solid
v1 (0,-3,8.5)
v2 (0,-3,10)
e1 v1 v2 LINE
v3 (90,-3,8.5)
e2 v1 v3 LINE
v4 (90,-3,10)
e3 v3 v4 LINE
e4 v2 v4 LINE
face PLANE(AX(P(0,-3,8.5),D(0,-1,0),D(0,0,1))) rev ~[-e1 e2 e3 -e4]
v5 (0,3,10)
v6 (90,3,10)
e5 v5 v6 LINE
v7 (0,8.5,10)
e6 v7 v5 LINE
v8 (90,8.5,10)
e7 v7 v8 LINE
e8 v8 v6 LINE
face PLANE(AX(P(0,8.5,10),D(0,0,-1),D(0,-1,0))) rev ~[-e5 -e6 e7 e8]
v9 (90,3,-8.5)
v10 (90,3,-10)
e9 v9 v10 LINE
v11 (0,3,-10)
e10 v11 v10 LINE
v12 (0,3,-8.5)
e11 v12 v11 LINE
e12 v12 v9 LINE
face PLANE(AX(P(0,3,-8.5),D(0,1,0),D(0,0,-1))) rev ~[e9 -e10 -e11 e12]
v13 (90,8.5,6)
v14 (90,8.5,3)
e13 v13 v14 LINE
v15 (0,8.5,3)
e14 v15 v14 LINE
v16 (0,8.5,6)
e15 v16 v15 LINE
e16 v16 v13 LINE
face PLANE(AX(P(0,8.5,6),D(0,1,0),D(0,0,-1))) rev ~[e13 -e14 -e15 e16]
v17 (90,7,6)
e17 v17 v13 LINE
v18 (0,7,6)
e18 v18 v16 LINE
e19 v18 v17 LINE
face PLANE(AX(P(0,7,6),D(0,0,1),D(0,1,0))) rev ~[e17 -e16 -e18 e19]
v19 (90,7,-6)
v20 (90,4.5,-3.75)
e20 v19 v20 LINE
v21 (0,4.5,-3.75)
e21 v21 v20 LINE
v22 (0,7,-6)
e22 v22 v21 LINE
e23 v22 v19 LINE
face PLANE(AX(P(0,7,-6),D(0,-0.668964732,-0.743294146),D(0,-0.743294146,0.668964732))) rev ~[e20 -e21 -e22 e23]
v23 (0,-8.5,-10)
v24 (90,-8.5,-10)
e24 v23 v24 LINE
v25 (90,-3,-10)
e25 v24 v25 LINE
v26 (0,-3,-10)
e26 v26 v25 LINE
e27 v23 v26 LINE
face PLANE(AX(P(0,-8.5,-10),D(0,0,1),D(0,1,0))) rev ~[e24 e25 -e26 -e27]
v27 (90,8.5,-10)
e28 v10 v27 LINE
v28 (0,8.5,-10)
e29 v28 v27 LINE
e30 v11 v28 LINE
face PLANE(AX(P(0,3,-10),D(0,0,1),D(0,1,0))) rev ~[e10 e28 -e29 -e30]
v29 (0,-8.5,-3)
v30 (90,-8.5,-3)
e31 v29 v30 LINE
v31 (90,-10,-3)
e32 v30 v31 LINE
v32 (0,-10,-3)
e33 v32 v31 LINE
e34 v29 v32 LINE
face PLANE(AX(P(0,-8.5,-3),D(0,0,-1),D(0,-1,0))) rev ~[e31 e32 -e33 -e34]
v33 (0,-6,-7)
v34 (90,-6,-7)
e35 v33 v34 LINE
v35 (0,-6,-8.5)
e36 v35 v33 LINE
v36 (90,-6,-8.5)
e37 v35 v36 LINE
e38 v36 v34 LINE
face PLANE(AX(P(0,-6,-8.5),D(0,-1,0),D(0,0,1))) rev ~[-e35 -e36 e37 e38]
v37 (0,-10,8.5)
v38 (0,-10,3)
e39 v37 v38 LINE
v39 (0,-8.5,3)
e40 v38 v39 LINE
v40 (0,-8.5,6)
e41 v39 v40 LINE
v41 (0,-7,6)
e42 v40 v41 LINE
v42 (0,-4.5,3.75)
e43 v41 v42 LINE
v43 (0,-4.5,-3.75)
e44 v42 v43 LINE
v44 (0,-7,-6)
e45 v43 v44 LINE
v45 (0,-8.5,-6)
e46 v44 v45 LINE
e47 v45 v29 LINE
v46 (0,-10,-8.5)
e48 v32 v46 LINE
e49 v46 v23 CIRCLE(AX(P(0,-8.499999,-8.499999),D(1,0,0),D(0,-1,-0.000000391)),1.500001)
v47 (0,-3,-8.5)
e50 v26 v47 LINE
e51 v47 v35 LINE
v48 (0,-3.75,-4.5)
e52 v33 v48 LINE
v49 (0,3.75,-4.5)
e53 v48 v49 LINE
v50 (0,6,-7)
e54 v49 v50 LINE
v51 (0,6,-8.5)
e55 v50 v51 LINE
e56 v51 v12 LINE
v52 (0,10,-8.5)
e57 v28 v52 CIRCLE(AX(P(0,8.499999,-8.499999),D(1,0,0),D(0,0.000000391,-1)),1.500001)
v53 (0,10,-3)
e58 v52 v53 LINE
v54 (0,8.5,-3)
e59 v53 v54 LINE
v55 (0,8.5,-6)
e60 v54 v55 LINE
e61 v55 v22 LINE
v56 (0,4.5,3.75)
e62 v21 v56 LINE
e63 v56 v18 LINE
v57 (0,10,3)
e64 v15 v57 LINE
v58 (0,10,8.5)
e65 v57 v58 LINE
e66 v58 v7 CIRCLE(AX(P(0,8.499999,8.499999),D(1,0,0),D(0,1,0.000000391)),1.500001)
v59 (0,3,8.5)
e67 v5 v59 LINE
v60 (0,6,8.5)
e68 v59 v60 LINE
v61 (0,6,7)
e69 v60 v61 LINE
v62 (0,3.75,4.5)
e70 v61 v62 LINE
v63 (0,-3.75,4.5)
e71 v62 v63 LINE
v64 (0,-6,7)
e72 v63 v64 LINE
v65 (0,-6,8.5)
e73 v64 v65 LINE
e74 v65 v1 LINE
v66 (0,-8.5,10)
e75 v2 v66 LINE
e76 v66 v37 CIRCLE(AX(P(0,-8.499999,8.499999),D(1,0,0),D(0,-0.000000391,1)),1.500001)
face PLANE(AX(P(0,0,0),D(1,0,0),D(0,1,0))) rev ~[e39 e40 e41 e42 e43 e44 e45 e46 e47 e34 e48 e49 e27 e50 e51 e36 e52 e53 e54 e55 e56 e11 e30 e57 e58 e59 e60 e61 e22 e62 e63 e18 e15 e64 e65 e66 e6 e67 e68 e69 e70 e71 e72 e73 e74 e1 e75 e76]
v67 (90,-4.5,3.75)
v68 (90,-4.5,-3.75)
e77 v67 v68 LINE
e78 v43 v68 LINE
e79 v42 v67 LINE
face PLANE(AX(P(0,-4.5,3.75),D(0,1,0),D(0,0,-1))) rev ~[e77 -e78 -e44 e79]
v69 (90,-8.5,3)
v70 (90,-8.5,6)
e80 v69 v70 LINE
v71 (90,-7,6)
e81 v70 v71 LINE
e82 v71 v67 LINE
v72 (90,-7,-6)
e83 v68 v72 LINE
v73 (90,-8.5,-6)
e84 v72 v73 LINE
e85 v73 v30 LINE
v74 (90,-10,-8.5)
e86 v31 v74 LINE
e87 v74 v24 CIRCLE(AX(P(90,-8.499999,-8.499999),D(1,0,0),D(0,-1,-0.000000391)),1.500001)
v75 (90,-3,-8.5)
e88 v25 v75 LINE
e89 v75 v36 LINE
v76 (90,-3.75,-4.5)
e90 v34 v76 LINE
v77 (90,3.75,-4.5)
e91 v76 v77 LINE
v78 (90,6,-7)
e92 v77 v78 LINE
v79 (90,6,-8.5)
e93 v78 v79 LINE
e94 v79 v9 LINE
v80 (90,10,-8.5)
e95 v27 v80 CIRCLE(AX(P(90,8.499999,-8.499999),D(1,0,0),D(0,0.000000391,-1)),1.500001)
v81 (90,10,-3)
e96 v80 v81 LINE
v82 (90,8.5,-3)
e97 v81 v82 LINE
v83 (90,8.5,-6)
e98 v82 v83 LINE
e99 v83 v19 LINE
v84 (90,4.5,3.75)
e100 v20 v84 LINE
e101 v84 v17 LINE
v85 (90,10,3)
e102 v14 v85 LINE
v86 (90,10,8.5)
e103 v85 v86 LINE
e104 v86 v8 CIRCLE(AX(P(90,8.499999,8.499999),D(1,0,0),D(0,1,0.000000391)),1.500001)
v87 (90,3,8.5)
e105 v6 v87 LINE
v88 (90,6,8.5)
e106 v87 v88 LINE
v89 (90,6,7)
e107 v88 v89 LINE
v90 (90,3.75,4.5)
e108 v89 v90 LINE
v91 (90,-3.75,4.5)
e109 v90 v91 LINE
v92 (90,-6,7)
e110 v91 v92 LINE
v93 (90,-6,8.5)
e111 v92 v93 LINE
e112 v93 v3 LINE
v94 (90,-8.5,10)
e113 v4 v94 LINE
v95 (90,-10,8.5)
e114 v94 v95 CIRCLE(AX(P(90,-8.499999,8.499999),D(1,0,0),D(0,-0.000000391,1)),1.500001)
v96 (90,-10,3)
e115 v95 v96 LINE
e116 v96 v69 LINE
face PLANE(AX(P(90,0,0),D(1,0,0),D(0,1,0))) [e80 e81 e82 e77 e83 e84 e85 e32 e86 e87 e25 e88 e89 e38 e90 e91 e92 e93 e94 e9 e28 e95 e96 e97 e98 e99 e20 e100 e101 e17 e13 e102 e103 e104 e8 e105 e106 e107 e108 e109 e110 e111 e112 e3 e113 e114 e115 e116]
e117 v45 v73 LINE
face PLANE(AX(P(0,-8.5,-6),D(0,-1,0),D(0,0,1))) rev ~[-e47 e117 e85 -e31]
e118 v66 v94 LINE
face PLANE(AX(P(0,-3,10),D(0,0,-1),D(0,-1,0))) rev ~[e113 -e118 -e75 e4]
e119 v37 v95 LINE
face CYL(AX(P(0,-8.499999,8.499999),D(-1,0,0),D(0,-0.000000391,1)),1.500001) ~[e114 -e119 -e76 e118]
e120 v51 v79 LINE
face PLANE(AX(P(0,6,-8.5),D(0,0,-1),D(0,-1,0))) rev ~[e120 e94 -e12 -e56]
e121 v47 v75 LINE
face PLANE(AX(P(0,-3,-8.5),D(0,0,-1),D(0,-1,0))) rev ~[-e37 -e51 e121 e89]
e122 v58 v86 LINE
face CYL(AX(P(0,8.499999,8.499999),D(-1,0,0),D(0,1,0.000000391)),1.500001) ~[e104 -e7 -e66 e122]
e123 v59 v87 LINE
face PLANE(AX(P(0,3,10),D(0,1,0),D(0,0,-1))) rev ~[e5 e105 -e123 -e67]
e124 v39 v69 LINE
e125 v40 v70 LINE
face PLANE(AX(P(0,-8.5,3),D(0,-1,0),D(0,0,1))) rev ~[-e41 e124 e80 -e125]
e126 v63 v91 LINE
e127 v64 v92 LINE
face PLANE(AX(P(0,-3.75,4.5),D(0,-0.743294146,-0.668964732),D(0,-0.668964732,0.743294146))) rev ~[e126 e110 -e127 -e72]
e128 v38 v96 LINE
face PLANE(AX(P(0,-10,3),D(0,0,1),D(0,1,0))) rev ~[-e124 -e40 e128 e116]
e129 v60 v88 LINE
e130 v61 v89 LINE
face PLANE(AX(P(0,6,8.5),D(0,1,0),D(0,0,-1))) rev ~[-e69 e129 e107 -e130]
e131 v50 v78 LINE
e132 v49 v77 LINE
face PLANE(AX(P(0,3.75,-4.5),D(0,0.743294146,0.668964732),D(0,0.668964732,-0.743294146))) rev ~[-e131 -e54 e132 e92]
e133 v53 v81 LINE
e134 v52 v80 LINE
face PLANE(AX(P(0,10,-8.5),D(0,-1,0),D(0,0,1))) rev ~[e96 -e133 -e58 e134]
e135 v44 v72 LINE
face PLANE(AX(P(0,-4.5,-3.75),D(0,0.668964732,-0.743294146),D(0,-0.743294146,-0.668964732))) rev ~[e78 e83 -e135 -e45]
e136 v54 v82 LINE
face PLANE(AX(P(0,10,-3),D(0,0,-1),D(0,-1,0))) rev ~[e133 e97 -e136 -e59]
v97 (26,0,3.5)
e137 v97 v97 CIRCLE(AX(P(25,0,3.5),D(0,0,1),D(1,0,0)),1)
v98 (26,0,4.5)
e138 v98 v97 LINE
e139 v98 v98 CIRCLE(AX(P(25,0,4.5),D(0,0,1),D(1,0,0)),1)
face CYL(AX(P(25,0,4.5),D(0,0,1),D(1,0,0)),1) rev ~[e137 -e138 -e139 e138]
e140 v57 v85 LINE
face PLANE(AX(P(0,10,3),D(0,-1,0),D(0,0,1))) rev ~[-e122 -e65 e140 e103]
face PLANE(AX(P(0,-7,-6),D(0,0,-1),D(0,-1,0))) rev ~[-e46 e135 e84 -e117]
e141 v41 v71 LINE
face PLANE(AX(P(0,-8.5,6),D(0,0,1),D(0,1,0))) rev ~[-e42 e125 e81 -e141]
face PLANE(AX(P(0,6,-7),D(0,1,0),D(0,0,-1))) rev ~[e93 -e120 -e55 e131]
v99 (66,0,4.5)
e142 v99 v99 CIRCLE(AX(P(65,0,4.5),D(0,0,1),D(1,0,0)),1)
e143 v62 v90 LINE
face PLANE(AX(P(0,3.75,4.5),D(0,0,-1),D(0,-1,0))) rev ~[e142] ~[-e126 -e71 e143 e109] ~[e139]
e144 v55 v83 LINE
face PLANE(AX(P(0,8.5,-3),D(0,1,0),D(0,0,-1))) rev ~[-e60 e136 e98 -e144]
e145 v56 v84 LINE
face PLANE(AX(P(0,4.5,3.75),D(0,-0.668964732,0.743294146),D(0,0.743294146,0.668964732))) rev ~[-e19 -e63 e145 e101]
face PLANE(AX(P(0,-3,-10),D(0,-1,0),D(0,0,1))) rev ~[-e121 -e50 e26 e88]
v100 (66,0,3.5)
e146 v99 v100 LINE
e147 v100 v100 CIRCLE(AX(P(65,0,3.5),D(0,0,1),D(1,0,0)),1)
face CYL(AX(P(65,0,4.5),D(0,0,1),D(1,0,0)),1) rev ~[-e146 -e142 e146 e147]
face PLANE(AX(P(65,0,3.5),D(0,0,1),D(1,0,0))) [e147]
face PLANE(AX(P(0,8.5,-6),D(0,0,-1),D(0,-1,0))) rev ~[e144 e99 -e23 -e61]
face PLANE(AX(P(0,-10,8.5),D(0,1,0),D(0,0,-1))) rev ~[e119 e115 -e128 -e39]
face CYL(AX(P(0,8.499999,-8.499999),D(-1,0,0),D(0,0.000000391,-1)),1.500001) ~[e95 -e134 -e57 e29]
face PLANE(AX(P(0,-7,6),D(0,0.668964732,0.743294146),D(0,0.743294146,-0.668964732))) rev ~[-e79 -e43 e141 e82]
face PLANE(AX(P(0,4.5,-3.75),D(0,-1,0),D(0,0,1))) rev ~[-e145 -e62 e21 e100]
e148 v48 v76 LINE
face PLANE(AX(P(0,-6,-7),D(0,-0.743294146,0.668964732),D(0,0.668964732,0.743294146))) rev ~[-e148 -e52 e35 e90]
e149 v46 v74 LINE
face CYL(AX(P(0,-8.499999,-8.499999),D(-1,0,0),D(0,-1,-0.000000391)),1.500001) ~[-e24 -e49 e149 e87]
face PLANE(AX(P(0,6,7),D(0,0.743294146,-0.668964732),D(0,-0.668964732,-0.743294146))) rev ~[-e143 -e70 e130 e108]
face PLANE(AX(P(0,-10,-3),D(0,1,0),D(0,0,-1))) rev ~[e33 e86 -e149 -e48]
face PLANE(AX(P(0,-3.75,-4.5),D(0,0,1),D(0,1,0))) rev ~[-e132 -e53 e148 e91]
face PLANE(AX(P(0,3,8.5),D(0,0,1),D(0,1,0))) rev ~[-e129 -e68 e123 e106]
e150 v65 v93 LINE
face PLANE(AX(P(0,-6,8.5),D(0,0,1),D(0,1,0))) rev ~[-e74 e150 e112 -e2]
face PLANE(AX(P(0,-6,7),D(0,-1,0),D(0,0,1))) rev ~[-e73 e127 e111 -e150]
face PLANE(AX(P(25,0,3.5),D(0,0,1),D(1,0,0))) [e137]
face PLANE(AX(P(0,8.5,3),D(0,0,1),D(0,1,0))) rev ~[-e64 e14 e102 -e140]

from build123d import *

# Parameters (mm, degrees)
F1_DEPTH = 90
F2_R     = 1
F3_DEPTH = 1


with BuildPart() as f1:
    # F0 (on Right) → F1 (new body)
    with BuildSketch(Plane.YZ):
        with BuildLine():
            ThreePointArc((10, 8.5), (9.56066, 9.56066), (8.5, 10))
            Line((8.5, 10), (3, 10))
            Line((3, 10), (3, 8.5))
            Line((3, 8.5), (6, 8.5))
            Line((6, 8.5), (6, 7))
            Line((6, 7), (3.75, 4.5))
            Line((3.75, 4.5), (0, 4.5))
            Line((0, 4.5), (-3.75, 4.5))
            Line((-3.75, 4.5), (-6, 7))
            Line((-6, 7), (-6, 8.5))
            Line((-6, 8.5), (-3, 8.5))
            Line((-3, 8.5), (-3, 10))
            Line((-3, 10), (-8.5, 10))
            ThreePointArc((-8.5, 10), (-9.56066, 9.56066), (-10, 8.5))
            Line((-10, 8.5), (-10, 3))
            Line((-10, 3), (-8.5, 3))
            Line((-8.5, 3), (-8.5, 6))
            Line((-8.5, 6), (-7, 6))
            Line((-7, 6), (-4.5, 3.75))
            Line((-4.5, 3.75), (-4.5, 0))
            Line((-4.5, 0), (-4.5, -3.75))
            Line((-4.5, -3.75), (-7, -6))
            Line((-7, -6), (-8.5, -6))
            Line((-8.5, -6), (-8.5, -3))
            Line((-8.5, -3), (-10, -3))
            Line((-10, -3), (-10, -8.5))
            ThreePointArc((-10, -8.5), (-9.56066, -9.56066), (-8.5, -10))
            Line((-8.5, -10), (-3, -10))
            Line((-3, -10), (-3, -8.5))
            Line((-3, -8.5), (-6, -8.5))
            Line((-6, -8.5), (-6, -7))
            Line((-6, -7), (-3.75, -4.5))
            Line((-3.75, -4.5), (0, -4.5))
            Line((0, -4.5), (3.75, -4.5))
            Line((3.75, -4.5), (6, -7))
            Line((6, -7), (6, -8.5))
            Line((6, -8.5), (3, -8.5))
            Line((3, -8.5), (3, -10))
            Line((3, -10), (8.5, -10))
            ThreePointArc((8.5, -10), (9.56066, -9.56066), (10, -8.5))
            Line((10, -8.5), (10, -3))
            Line((10, -3), (8.5, -3))
            Line((8.5, -3), (8.5, -6))
            Line((8.5, -6), (7, -6))
            Line((7, -6), (4.5, -3.75))
            Line((4.5, -3.75), (4.5, 0))
            Line((4.5, 0), (4.5, 3.75))
            Line((4.5, 3.75), (7, 6))
            Line((7, 6), (8.5, 6))
            Line((8.5, 6), (8.5, 3))
            Line((8.5, 3), (10, 3))
            Line((10, 3), (10, 8.5))
        make_face()
    extrude(amount=F1_DEPTH)

    # F2 (on face) → F3 (cut)
    with BuildSketch(Plane.XY.offset(4.5)):
        with Locations((65, 0)):
            Circle(F2_R)
        with Locations((25, 0)):
            Circle(F2_R)
    extrude(amount=-F3_DEPTH, mode=Mode.SUBTRACT)


solid = f1.part
